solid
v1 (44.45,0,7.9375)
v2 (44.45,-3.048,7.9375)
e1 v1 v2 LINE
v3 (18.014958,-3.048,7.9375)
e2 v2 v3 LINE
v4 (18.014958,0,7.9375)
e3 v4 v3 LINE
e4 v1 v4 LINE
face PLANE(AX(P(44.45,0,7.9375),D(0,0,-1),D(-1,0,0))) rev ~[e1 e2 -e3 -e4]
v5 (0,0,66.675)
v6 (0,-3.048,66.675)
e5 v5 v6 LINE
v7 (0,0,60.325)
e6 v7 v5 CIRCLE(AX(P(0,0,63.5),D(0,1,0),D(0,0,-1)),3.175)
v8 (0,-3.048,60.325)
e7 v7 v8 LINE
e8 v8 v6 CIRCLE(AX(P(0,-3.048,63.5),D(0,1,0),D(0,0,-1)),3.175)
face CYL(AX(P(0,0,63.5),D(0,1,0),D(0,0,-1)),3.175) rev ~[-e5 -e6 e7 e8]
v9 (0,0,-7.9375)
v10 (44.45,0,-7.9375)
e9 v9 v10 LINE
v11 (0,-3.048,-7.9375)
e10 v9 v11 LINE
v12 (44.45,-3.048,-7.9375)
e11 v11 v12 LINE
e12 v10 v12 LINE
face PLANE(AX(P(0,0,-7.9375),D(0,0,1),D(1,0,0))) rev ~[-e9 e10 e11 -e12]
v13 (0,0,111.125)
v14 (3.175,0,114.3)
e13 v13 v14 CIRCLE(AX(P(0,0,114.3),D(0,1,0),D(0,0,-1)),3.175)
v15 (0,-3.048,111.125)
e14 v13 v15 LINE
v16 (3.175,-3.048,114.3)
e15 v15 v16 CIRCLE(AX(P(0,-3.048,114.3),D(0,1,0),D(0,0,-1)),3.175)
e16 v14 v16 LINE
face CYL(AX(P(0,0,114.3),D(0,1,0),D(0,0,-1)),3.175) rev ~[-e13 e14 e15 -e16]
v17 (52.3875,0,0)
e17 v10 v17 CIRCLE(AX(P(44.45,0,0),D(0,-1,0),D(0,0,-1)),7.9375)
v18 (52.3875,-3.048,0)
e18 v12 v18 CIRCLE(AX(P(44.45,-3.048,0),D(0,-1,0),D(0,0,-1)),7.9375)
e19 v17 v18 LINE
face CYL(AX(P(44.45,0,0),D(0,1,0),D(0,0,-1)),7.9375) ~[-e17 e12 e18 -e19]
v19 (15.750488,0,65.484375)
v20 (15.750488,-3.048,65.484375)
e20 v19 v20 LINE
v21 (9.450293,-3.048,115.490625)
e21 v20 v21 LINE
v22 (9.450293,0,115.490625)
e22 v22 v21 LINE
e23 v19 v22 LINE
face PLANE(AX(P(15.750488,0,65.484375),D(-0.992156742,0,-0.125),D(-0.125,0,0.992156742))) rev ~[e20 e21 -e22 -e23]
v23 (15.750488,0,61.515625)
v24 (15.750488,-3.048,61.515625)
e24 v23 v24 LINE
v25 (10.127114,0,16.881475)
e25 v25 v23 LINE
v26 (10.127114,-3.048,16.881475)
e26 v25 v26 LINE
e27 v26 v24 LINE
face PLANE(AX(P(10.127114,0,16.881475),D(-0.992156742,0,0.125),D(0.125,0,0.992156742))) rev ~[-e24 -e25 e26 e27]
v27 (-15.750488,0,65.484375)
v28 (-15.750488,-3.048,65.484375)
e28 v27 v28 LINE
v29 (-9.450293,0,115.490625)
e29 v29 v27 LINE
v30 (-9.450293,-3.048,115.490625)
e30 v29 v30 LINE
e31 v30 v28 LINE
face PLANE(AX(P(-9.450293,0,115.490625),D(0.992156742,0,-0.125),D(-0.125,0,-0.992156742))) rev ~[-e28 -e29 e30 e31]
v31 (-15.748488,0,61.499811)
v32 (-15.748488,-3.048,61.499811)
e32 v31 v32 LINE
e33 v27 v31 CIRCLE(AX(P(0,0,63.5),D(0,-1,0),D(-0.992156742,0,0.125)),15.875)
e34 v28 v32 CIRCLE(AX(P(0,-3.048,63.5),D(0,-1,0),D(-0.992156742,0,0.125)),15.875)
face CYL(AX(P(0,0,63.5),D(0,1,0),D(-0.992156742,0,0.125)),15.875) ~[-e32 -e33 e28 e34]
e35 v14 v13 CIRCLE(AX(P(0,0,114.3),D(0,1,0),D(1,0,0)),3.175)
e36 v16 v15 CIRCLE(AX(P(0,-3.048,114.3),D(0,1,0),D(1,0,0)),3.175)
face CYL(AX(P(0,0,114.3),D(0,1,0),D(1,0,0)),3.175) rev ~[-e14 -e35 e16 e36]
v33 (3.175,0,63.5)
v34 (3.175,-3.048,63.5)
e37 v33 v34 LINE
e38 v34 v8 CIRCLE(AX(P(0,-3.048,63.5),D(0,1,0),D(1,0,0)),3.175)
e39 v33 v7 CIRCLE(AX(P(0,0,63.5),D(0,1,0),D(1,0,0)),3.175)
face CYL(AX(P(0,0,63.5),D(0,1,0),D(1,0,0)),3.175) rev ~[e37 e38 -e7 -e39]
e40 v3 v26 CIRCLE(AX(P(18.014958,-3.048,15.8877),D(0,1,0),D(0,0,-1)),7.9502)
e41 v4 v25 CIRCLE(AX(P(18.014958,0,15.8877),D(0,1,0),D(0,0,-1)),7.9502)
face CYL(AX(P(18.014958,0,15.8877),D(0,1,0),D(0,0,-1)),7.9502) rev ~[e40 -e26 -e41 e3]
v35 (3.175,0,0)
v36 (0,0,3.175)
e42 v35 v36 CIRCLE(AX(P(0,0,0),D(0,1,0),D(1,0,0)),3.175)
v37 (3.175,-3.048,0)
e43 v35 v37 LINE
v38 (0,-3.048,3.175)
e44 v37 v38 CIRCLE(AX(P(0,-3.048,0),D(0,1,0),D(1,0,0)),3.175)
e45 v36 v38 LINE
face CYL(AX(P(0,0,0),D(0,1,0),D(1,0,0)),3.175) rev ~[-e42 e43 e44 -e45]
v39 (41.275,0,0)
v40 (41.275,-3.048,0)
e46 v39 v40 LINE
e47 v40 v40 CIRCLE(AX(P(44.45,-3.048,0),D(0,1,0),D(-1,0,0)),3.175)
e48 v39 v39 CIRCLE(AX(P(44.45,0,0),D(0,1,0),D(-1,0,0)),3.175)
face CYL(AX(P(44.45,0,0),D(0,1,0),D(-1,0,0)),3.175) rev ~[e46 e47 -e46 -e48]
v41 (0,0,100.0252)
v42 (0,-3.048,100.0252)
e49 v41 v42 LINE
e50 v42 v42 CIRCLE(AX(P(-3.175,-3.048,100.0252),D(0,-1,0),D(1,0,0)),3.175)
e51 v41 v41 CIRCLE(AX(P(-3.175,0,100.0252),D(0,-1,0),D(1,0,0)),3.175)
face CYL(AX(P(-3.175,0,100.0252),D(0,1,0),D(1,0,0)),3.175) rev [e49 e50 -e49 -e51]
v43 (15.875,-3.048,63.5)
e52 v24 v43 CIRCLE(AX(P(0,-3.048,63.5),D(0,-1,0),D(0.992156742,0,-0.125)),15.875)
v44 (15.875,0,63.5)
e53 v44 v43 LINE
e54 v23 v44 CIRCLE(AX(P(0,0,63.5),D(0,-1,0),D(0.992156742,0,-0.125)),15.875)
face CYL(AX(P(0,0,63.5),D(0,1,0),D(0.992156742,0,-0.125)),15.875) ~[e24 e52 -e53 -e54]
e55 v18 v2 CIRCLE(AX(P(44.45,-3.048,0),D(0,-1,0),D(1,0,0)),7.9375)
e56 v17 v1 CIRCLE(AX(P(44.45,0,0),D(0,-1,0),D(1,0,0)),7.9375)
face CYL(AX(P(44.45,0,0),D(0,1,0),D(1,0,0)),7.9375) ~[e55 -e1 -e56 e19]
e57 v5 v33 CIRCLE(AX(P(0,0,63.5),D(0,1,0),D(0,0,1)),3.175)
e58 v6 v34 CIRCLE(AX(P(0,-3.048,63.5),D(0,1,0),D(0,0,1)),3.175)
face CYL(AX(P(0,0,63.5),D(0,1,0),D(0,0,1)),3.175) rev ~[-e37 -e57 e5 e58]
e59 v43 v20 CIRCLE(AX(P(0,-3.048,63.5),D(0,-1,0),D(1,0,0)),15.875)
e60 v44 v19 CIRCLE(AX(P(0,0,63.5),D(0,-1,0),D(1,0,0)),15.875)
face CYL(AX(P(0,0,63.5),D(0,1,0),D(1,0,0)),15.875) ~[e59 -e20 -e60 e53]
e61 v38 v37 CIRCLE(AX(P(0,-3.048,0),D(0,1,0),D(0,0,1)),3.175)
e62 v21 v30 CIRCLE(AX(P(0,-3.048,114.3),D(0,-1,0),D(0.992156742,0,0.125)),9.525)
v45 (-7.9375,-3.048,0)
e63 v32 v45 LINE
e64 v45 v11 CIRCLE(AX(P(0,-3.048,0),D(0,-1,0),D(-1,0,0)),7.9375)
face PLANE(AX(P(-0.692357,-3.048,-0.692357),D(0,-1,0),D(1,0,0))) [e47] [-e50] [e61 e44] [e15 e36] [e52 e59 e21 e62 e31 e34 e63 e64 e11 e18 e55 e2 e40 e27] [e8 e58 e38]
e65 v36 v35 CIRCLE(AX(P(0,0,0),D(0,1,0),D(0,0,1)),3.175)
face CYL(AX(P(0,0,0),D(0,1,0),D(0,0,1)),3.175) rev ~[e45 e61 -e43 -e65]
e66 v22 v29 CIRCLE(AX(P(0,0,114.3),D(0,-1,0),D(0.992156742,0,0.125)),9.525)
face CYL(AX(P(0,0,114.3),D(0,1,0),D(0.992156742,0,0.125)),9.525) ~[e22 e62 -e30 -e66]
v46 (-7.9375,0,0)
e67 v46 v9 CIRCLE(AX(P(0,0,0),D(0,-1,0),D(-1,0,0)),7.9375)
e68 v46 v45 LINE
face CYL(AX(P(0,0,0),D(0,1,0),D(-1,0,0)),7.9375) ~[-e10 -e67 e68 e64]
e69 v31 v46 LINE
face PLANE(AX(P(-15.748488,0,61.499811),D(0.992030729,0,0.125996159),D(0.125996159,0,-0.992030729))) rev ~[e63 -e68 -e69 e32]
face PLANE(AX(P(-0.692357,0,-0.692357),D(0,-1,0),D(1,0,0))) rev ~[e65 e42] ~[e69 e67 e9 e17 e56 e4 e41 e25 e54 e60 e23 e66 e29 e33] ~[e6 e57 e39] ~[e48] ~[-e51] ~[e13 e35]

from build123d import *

# Parameters (mm, degrees)
F0_R     = 3.175
F1_DEPTH = 3.048


with BuildPart() as f1:
    # F0 (on Front) → F1 (new body)
    with BuildSketch(Plane.XZ):
        with BuildLine():
            ThreePointArc((3.175, 0), (-2.2450640303, -2.2450640303), (0, 3.175))
            Line((0, 3.175), (0, 7.9375))
            ThreePointArc((0, 7.9375), (-5.6126600757, 5.6126600757), (-7.9375, 0))
            ThreePointArc((-7.9375, 0), (-5.6126600757, -5.6126600757), (0, -7.9375))
            ThreePointArc((0, -7.9375), (5.6126600757, -5.6126600757), (7.9375, 0))
            Line((7.9375, 0), (3.175, 0))
        make_face()
        with BuildLine():
            ThreePointArc((-7.9375, 0), (-5.6126600757, 5.6126600757), (0, 7.9375))
            Line((0, 7.9375), (0, 47.625))
            ThreePointArc((0, 47.625), (-10.4943466753, 51.5884798259), (-15.7484878283, 61.4998109785))
            Line((-15.7484878283, 61.4998109785), (-7.9375, 0))
        make_face()
        with BuildLine():
            Line((0, 47.625), (0, 7.9375))
            ThreePointArc((0, 7.9375), (5.6126600757, 5.6126600757), (7.9375, 0))
            Line((7.9375, 0), (36.5125, 0))
            ThreePointArc((36.5125, 0), (38.8373399243, 5.6126600757), (44.45, 7.9375))
            Line((44.45, 7.9375), (18.0149584735, 7.9375))
            ThreePointArc((18.0149584735, 7.9375), (12.0523084735, 10.6291369817), (10.127113946, 16.881475))
            Line((10.127113946, 16.881475), (15.7504882737, 61.515625))
            ThreePointArc((15.7504882737, 61.515625), (10.5003255158, 51.59375), (0, 47.625))
        make_face()
        with BuildLine():
            Line((36.5125, 0), (7.9375, 0))
            ThreePointArc((7.9375, 0), (5.6126600757, -5.6126600757), (0, -7.9375))
            Line((0, -7.9375), (44.45, -7.9375))
            ThreePointArc((44.45, -7.9375), (38.8373399243, -5.6126600757), (36.5125, 0))
        make_face()
        with BuildLine():
            ThreePointArc((-15.7484878283, 61.4998109785), (-10.4943466753, 51.5884798259), (0, 47.625))
            Line((0, 47.625), (0, 60.325))
            ThreePointArc((0, 60.325), (-3.175, 63.5), (0, 66.675))
            Line((0, 66.675), (0, 79.375))
            ThreePointArc((0, 79.375), (-10.5003255158, 75.40625), (-15.7504882737, 65.484375))
            ThreePointArc((-15.7504882737, 65.484375), (-15.8749979993, 63.4920299772), (-15.7484878283, 61.4998109785))
        make_face()
        with BuildLine():
            Line((0, 60.325), (0, 47.625))
            ThreePointArc((0, 47.625), (10.5003255158, 51.59375), (15.7504882737, 61.515625))
            ThreePointArc((15.7504882737, 61.515625), (15.8438414904, 62.5058612634), (15.875, 63.5))
            ThreePointArc((15.875, 63.5), (15.8438414904, 64.4941387366), (15.7504882737, 65.484375))
            ThreePointArc((15.7504882737, 65.484375), (10.5003255158, 75.40625), (0, 79.375))
            Line((0, 79.375), (0, 66.675))
            ThreePointArc((0, 66.675), (2.2450640303, 65.7450640303), (3.175, 63.5))
            ThreePointArc((3.175, 63.5), (2.2450640303, 61.2549359697), (0, 60.325))
        make_face()
        with BuildLine():
            ThreePointArc((44.45, 7.9375), (38.8373399243, 5.6126600757), (36.5125, 0))
            ThreePointArc((36.5125, 0), (38.8373399243, -5.6126600757), (44.45, -7.9375))
            ThreePointArc((44.45, -7.9375), (50.0626600757, -5.6126600757), (52.3875, 0))
            ThreePointArc((52.3875, 0), (50.0626600757, 5.6126600757), (44.45, 7.9375))
        make_face()
        with BuildLine():
            ThreePointArc((47.625, 0), (44.45, -3.175), (41.275, 0))
            ThreePointArc((41.275, 0), (44.45, 3.175), (47.625, 0))
        make_face(mode=Mode.SUBTRACT)
        with BuildLine():
            Line((-9.4502929642, 115.490625), (-15.7504882737, 65.484375))
            ThreePointArc((-15.7504882737, 65.484375), (-10.5003255158, 75.40625), (0, 79.375))
            Line((0, 79.375), (0, 100.0252))
            Line((0, 100.0252), (0, 104.775))
            ThreePointArc((0, 104.775), (-7.14375, 107.9998046905), (-9.4502929642, 115.490625))
        make_face()
        with Locations((-3.175, 100.0252)):
            Circle(F0_R, mode=Mode.SUBTRACT)
        with BuildLine():
            Line((0, 100.0252), (0, 79.375))
            ThreePointArc((0, 79.375), (10.5003255158, 75.40625), (15.7504882737, 65.484375))
            Line((15.7504882737, 65.484375), (9.4502929642, 115.490625))
            ThreePointArc((9.4502929642, 115.490625), (9.5063048942, 114.896483242), (9.525, 114.3))
            ThreePointArc((9.525, 114.3), (6.7351920908, 107.5648079092), (0, 104.775))
            Line((0, 104.775), (0, 100.0252))
        make_face()
        with BuildLine():
            ThreePointArc((9.4502929642, 115.490625), (0, 123.825), (-9.4502929642, 115.490625))
            ThreePointArc((-9.4502929642, 115.490625), (-7.14375, 107.9998046905), (0, 104.775))
            ThreePointArc((0, 104.775), (6.7351920908, 107.5648079092), (9.525, 114.3))
            ThreePointArc((9.525, 114.3), (9.5063048942, 114.896483242), (9.4502929642, 115.490625))
        make_face()
        with BuildLine():
            ThreePointArc((3.175, 114.3), (2.2450640303, 112.0549359697), (0, 111.125))
            ThreePointArc((0, 111.125), (-2.2450640303, 116.5450640303), (3.175, 114.3))
        make_face(mode=Mode.SUBTRACT)
        with BuildLine():
            Line((0, 7.9375), (0, 3.175))
            ThreePointArc((0, 3.175), (2.2450640303, 2.2450640303), (3.175, 0))
            Line((3.175, 0), (7.9375, 0))
            ThreePointArc((7.9375, 0), (5.6126600757, 5.6126600757), (0, 7.9375))
        make_face()
    extrude(amount=F1_DEPTH)


solid = f1.part
